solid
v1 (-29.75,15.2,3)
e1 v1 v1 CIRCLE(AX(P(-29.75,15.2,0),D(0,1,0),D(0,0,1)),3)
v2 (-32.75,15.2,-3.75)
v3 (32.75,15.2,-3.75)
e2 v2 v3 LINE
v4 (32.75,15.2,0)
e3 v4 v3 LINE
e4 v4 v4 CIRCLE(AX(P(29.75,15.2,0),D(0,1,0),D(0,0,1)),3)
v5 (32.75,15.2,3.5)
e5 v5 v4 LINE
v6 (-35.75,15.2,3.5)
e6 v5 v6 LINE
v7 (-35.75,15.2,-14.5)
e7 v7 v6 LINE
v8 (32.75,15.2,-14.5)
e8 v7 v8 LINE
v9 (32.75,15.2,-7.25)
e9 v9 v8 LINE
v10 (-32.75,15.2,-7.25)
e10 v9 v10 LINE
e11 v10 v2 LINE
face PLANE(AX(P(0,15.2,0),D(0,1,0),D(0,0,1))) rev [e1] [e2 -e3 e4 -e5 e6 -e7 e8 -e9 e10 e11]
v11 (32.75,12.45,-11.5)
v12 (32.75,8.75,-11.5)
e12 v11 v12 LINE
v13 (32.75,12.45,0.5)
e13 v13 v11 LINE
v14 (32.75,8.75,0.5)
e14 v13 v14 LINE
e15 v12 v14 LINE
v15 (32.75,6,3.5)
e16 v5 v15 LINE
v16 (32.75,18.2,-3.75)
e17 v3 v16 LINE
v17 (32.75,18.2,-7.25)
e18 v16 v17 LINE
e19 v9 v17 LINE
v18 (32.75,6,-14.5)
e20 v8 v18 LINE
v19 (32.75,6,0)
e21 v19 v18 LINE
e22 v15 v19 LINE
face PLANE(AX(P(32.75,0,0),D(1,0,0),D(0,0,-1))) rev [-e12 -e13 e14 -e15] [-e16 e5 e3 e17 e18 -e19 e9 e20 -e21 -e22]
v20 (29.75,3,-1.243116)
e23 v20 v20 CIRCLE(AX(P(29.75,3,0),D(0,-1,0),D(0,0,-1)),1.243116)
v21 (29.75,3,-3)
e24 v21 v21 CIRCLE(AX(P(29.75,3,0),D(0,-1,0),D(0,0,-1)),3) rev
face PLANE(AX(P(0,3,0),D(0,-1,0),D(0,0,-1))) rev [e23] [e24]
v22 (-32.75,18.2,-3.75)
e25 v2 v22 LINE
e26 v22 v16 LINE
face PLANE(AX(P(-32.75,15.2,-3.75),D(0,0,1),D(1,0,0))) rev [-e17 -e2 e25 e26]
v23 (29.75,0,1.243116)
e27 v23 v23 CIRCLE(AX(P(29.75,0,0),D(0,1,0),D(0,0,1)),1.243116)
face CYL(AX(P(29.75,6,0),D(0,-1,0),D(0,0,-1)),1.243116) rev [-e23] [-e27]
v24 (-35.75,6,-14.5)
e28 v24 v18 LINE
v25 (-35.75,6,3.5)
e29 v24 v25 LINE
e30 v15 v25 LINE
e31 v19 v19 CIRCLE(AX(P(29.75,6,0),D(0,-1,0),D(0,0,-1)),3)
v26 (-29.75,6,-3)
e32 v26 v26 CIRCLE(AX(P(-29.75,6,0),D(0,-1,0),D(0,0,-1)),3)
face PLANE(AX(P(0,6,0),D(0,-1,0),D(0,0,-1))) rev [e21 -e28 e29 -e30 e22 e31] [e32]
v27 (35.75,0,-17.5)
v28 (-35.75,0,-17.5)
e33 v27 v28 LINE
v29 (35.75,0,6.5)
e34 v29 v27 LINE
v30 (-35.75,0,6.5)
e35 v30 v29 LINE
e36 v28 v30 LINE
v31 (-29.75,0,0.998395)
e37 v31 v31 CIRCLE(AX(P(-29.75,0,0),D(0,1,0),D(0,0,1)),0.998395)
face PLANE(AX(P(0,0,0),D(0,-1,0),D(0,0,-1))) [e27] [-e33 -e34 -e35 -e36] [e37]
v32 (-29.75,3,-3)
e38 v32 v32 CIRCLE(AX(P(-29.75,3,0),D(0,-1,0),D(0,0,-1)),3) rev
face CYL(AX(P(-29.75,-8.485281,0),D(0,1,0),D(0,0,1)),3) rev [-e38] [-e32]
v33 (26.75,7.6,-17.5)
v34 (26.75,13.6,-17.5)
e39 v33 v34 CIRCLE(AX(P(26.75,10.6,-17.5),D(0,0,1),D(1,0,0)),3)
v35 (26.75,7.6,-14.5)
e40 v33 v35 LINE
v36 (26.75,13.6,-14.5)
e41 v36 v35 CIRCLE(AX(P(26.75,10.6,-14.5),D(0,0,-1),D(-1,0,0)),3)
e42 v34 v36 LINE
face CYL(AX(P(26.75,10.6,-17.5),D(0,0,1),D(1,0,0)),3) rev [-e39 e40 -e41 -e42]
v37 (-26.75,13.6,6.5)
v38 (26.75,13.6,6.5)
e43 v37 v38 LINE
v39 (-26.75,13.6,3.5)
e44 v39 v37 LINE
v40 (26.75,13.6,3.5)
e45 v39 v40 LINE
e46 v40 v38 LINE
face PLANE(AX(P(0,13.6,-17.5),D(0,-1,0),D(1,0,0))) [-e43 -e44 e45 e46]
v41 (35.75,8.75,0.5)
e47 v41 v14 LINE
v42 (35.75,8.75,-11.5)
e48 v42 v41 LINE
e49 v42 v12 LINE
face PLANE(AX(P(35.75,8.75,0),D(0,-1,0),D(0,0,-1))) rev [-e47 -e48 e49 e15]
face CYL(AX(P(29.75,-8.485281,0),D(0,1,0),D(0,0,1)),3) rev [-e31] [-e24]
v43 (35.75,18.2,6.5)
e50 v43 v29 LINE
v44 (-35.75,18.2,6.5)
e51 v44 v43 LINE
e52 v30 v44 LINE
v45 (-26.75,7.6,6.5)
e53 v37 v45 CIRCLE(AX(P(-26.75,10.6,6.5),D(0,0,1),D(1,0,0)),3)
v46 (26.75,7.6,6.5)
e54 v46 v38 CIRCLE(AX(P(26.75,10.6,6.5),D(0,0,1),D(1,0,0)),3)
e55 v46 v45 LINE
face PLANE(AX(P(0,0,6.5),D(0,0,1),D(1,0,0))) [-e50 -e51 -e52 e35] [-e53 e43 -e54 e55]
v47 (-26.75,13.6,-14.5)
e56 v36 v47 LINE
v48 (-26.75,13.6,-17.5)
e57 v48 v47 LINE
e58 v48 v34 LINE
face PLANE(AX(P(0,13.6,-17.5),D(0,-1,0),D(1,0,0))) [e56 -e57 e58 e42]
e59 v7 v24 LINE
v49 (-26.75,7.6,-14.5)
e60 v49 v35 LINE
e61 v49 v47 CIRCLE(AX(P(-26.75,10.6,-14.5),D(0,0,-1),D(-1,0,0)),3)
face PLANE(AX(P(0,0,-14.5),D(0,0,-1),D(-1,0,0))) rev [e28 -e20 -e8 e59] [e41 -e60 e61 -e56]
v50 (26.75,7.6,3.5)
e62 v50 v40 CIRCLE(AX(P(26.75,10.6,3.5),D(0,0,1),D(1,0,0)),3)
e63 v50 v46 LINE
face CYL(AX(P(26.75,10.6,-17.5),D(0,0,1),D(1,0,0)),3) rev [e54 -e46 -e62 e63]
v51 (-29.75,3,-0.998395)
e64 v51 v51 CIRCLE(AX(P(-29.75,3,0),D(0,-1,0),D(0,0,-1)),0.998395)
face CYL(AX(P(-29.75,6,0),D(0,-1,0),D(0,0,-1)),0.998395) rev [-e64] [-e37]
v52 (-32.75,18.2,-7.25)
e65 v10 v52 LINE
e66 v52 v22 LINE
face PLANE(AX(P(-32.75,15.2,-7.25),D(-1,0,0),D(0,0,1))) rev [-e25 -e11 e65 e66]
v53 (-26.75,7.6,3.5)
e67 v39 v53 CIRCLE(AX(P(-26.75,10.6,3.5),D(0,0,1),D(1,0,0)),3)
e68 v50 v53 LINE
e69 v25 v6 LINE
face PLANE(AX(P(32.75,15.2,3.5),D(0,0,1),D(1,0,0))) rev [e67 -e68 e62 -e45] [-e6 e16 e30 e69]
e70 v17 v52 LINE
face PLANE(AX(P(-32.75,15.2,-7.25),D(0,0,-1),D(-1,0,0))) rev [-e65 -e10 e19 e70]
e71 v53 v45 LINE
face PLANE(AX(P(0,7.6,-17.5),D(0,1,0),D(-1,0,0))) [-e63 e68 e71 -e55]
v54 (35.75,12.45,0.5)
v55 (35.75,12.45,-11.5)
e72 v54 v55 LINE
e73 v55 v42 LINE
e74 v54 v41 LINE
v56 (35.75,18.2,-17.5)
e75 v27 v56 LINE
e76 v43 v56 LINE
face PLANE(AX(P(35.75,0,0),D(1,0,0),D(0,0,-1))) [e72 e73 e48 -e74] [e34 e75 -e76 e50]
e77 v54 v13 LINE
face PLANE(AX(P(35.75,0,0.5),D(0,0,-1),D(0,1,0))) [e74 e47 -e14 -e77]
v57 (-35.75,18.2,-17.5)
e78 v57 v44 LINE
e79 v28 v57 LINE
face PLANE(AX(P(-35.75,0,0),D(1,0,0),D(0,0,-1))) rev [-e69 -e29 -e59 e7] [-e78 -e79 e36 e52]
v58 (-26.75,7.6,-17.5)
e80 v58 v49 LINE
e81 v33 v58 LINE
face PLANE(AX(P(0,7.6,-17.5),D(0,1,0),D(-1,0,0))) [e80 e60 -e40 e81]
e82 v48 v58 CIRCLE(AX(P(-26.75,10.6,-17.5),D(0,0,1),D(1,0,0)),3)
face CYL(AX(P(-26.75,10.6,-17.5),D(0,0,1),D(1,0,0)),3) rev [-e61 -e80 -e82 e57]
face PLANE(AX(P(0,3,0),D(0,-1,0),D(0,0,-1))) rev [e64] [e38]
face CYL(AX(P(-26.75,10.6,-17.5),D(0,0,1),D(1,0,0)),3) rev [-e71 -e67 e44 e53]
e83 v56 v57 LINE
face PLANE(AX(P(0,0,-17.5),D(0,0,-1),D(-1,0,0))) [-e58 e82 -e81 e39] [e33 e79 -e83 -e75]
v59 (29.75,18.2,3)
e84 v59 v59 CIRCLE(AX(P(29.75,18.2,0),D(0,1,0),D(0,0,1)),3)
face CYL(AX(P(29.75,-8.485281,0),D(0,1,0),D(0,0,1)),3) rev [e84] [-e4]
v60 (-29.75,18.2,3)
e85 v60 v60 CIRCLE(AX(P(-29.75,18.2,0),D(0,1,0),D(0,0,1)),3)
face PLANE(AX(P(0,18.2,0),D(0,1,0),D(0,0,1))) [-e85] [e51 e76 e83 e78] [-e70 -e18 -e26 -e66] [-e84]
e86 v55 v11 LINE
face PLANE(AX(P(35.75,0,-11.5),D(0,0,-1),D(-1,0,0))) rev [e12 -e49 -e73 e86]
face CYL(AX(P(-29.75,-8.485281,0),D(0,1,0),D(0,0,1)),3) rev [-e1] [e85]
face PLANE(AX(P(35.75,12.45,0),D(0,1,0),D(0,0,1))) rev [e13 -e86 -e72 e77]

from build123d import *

# Parameters (mm, degrees)
SKETCH1_W            = 65.5
SKETCH1_H            = 9
SKETCH1_R            = 0.998395378
SKETCH1_R_2          = 1.243115981
BOSS_EXTRUDE1_DEPTH  = 6
SKETCH3_W            = 65.5
SKETCH3_H            = 6
BOSS_EXTRUDE2_DEPTH  = 10
SKETCH4_W            = 65.5
SKETCH4_H            = 6
BOSS_EXTRUDE3_DEPTH  = 2
SKETCH5_W            = 65.5
SKETCH5_H            = 3
BOSS_EXTRUDE4_DEPTH  = 9.2
SKETCH7_W            = 21
SKETCH7_H            = 15.2
BOSS_EXTRUDE6_DEPTH  = 3
SKETCH12_W           = 68.5
SKETCH12_H           = 15.2
BOSS_EXTRUDE10_DEPTH = 3
SKETCH13_W           = 24
SKETCH13_H           = 15.2
SKETCH13_W_2         = 12
SKETCH13_H_2         = 3.7
BOSS_EXTRUDE11_DEPTH = 3
CUT_EXTRUDE2_DEPTH   = 25
SKETCH11_W           = 18
SKETCH11_H           = 9.2
CUT_EXTRUDE4_DEPTH   = 3
SKETCH14_W           = 71.5
SKETCH14_H           = 24
BOSS_EXTRUDE12_DEPTH = 3
SKETCH15_W           = 65.5
SKETCH15_H           = 3.5
CUT_EXTRUDE5_DEPTH   = 3
SKETCH16_R           = 3
CUT_EXTRUDE6_DEPTH   = 15.2


with BuildPart() as part:
    # Sketch1 → Boss-Extrude1 (new body)
    with BuildSketch(Plane(origin=(0, 0, 0), x_dir=(1, 0, 0), z_dir=(0, 1, 0))):
        Rectangle(SKETCH1_W, SKETCH1_H)
        with Locations((-29.75, 0)):
            Circle(SKETCH1_R, mode=Mode.SUBTRACT)
        with Locations((29.75, 0)):
            Circle(SKETCH1_R_2, mode=Mode.SUBTRACT)
    extrude(amount=BOSS_EXTRUDE1_DEPTH)

    # Sketch3 → Boss-Extrude2 (add)
    with BuildSketch(Plane(origin=(0, 0, -4.5), x_dir=(-1, 0, 0), z_dir=(0, 0, -1))):
        with Locations((0, 3)):
            Rectangle(SKETCH3_W, SKETCH3_H)
    extrude(amount=BOSS_EXTRUDE2_DEPTH)

    # Sketch4 → Boss-Extrude3 (add)
    with BuildSketch(Plane.XY.offset(4.5)):
        with Locations((0, 3)):
            Rectangle(SKETCH4_W, SKETCH4_H)
    extrude(amount=BOSS_EXTRUDE3_DEPTH)

    # Sketch5 → Boss-Extrude4 (add)
    with BuildSketch(Plane(origin=(0, 6, 0), x_dir=(1, 0, 0), z_dir=(0, 1, 0))):
        with Locations((0, -5)):
            Rectangle(SKETCH5_W, SKETCH5_H)
    extrude(amount=BOSS_EXTRUDE4_DEPTH)

    # Sketch7 → Boss-Extrude6 (add)
    with BuildSketch(Plane.ZY.offset(32.75)):
        with Locations((-4, 7.6)):
            Rectangle(SKETCH7_W, SKETCH7_H)
    extrude(amount=BOSS_EXTRUDE6_DEPTH)

    # Sketch12 → Boss-Extrude10 (add)
    with BuildSketch(Plane(origin=(0, 0, -14.5), x_dir=(-1, 0, 0), z_dir=(0, 0, -1))):
        with Locations((1.5, 7.6)):
            Rectangle(SKETCH12_W, SKETCH12_H)
    extrude(amount=BOSS_EXTRUDE10_DEPTH)

    # Sketch13 → Boss-Extrude11 (add)
    with BuildSketch(Plane(origin=(32.75, 0, 0), x_dir=(0, 0, -1), z_dir=(1, 0, 0))):
        with Locations((5.5, 7.6)):
            Rectangle(SKETCH13_W, SKETCH13_H)
        with Locations((5.5, 10.6)):
            Rectangle(SKETCH13_W_2, SKETCH13_H_2, mode=Mode.SUBTRACT)
    extrude(amount=BOSS_EXTRUDE11_DEPTH)

    # Sketch6 → Cut-Extrude2 (cut, through all)
    with BuildSketch(Plane.XY.offset(6.5)):
        with BuildLine():
            ThreePointArc((-23.75, 10.6), (-24.628679656, 12.721320344), (-26.75, 13.6))
            Line((-26.75, 13.6), (-26.75, 7.6))
            ThreePointArc((-26.75, 7.6), (-24.628679656, 8.478679656), (-23.75, 10.6))
        make_face()
        with BuildLine():
            Line((-26.75, 7.6), (-26.75, 13.6))
            ThreePointArc((-26.75, 13.6), (-29.75, 10.6), (-26.75, 7.6))
        make_face()
        with BuildLine():
            ThreePointArc((29.75, 10.6), (28.871320344, 12.721320344), (26.75, 13.6))
            Line((26.75, 13.6), (26.75, 7.6))
            ThreePointArc((26.75, 7.6), (28.871320344, 8.478679656), (29.75, 10.6))
        make_face()
        with BuildLine():
            Line((26.75, 7.6), (26.75, 13.6))
            ThreePointArc((26.75, 13.6), (23.75, 10.6), (26.75, 7.6))
        make_face()
        with BuildLine():
            Line((26.75, 13.6), (-26.75, 13.6))
            ThreePointArc((-26.75, 13.6), (-24.628679656, 12.721320344), (-23.75, 10.6))
            ThreePointArc((-23.75, 10.6), (-24.628679656, 8.478679656), (-26.75, 7.6))
            Line((-26.75, 7.6), (26.75, 7.6))
            ThreePointArc((26.75, 7.6), (23.75, 10.6), (26.75, 13.6))
        make_face()
    extrude(amount=-CUT_EXTRUDE2_DEPTH, mode=Mode.SUBTRACT)

    # Sketch11 → Cut-Extrude4 (cut)
    with BuildSketch(Plane.ZY.offset(35.75)):
        with Locations((-5.5, 10.6)):
            Rectangle(SKETCH11_W, SKETCH11_H)
    extrude(amount=-CUT_EXTRUDE4_DEPTH, mode=Mode.SUBTRACT)

    # Sketch14 → Boss-Extrude12 (add)
    with BuildSketch(Plane(origin=(0, 15.2, 0), x_dir=(1, 0, 0), z_dir=(0, 1, 0))):
        with Locations((0, 5.5)):
            Rectangle(SKETCH14_W, SKETCH14_H)
    extrude(amount=BOSS_EXTRUDE12_DEPTH)

    # Sketch15 → Cut-Extrude5 (cut)
    with BuildSketch(Plane(origin=(0, 18.2, 0), x_dir=(1, 0, 0), z_dir=(0, 1, 0))):
        with Locations((0, 5.5)):
            Rectangle(SKETCH15_W, SKETCH15_H)
    extrude(amount=-CUT_EXTRUDE5_DEPTH, mode=Mode.SUBTRACT)

    # Sketch16 → Cut-Extrude6 (cut)
    with BuildSketch(Plane(origin=(0, 18.2, 0), x_dir=(1, 0, 0), z_dir=(0, 1, 0))):
        with Locations((-29.75, 0)):
            Circle(SKETCH16_R)
        with Locations((29.75, 0)):
            Circle(SKETCH16_R)
    extrude(amount=-CUT_EXTRUDE6_DEPTH, mode=Mode.SUBTRACT)


solid = part.part
